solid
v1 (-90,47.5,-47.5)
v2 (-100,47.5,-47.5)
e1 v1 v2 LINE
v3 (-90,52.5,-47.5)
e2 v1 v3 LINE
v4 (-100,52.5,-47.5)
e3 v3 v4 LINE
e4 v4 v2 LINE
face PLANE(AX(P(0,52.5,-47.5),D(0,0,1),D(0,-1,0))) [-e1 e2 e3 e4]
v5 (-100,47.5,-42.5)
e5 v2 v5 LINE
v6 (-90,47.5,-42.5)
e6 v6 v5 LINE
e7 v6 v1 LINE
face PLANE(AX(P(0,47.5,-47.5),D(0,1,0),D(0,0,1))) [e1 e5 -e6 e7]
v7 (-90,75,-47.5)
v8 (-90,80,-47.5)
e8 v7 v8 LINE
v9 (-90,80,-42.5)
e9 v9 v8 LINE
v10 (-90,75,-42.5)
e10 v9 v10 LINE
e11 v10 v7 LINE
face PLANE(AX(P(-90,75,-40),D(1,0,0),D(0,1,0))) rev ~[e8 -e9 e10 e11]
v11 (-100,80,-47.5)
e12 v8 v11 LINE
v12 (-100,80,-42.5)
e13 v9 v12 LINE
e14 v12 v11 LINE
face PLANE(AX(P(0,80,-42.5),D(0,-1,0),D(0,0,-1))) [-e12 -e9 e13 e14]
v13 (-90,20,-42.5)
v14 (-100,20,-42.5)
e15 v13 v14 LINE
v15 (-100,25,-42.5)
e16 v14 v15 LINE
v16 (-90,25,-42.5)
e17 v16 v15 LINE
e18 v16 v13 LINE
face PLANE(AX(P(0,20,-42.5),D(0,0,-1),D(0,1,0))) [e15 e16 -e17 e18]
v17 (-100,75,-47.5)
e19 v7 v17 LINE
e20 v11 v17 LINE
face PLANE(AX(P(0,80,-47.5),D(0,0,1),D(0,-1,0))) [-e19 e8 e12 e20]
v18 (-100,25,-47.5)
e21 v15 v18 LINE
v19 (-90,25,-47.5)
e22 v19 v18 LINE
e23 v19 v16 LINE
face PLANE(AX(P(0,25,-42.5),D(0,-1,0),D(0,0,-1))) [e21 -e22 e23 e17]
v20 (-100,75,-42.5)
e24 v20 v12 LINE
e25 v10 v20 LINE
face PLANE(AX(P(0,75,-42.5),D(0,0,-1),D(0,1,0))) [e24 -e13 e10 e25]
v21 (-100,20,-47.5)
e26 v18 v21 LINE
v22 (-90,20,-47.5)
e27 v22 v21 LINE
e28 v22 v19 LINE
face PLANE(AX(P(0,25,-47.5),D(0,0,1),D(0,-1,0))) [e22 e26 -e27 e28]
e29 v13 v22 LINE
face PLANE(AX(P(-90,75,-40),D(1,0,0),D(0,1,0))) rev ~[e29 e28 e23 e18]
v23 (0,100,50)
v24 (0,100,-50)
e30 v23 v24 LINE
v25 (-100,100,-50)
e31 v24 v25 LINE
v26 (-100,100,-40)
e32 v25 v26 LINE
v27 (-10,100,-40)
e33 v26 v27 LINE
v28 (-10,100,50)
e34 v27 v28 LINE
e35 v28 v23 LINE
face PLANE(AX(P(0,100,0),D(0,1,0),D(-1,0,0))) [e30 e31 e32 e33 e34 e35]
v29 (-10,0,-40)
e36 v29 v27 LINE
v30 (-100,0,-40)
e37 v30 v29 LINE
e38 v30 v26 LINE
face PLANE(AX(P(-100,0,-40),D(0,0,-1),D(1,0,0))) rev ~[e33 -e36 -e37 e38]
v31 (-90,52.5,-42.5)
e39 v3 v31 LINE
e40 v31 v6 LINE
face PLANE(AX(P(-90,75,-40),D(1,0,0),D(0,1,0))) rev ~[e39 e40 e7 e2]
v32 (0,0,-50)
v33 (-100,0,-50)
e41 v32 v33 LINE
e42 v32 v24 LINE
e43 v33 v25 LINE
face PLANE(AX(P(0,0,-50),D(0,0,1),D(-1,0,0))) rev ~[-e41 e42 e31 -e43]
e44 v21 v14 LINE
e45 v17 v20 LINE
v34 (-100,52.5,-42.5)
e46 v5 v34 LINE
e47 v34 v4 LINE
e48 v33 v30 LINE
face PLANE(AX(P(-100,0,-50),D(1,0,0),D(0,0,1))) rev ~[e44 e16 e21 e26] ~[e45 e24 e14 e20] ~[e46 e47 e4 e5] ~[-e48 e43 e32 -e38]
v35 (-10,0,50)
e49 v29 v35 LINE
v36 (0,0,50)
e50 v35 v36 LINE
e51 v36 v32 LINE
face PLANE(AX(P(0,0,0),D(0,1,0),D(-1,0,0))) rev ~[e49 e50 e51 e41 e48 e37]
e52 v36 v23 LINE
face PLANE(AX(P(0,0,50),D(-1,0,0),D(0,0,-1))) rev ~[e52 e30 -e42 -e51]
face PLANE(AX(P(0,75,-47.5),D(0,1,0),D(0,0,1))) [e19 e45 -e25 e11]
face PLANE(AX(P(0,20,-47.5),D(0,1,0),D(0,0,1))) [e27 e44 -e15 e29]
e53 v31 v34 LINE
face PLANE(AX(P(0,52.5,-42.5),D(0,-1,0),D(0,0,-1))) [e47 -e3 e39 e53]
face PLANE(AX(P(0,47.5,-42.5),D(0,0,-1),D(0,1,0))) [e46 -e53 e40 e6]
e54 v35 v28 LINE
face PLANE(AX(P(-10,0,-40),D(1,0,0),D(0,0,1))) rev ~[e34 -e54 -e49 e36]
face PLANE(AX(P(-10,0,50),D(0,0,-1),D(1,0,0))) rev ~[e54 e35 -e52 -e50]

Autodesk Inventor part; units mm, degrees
ref_plane "YZ Plane" through (0, 0, 0) normal (1, 0, 0) x (0, 1, 0)
ref_plane "XZ Plane" through (0, 0, 0) normal (0, 1, 0) x (-1, 0, 0)
ref_plane "XY Plane" through (0, 0, 0) normal (0, 0, 1) x (1, 0, 0)
sketch "Sketch1" plane through (0, 0, 0) normal (0, 1, 0) x (-1, 0, 0)
  line L0 (400, -50) -> (400, 50)
  line L1 (400, 50) -> (390, 50)
  line L2 (390, 50) -> (390, -40)
  line L3 (390, -40) -> (300, -40)
  line L4 (300, -40) -> (300, -50)
  line L5 (300, -50) -> (400, -50)
  line L6 (250, -50) -> (250, -40)
  line L7 (250, -40) -> (150, -40)
  line L8 (150, -40) -> (150, -50)
  line L9 (150, -50) -> (250, -50)
  line L10 (100, -50) -> (100, -40)
  line L11 (100, -40) -> (10, -40)
  line L12 (10, -40) -> (10, 50)
  line L13 (10, 50) -> (0, 50)
  line L14 (0, 50) -> (0, -50)
  line L15 (0, -50) -> (100, -50)
  point P0 (0, 0)
  dimension "d0" = 100
  dimension "d1" = 100
  dimension "d2" = 10
  dimension "d3" = 10
  dimension "d4" = 100
  dimension "d5" = 100
  dimension "d6" = 100
  dimension "d7" = 10
  dimension "d8" = 10
  dimension "d9" = 50
  dimension "d10" = 50
  dimension "d11" = 400
  dimension "d12" = 50
  dimension "d13" = 50
extrude "Extrusion1" add sketch "Sketch1" along normal blind 100
sketch "Sketch2" plane through (0, 0, 0) normal (1, 0, 0) x (0, 1, 0)
  point P0 (0, 0)
sketch "Sketch3" plane through (0, 0, 50) normal (1, 0, 0) x (0, 0, -1)
  line L0 (92.5, 80) -> (97.5, 80)
  line L1 (97.5, 80) -> (97.5, 75)
  line L2 (97.5, 75) -> (92.5, 75)
  line L3 (92.5, 75) -> (92.5, 80)
  line L4 (97.5, 20) -> (92.5, 20)
  line L5 (92.5, 20) -> (92.5, 25)
  line L6 (92.5, 25) -> (97.5, 25)
  line L7 (97.5, 25) -> (97.5, 20)
  line L8 (0, 100) -> (100, 100) projected
  line L9 (100, 0) -> (100, 100) projected
  line L10 (0, 0) -> (100, 0) projected
  line L11 (92.5, 52.5) -> (97.5, 52.5)
  line L12 (97.5, 52.5) -> (97.5, 47.5)
  line L13 (97.5, 47.5) -> (92.5, 47.5)
  line L14 (92.5, 47.5) -> (92.5, 52.5)
  point P0 (50, 0)
  dimension "d16" = 20
  dimension "d17" = 5
  dimension "d18" = 5
  dimension "d19" = 2.5
  dimension "d20" = 20
  dimension "d21" = 5
  dimension "d22" = 5
  dimension "d24" = 7.5
  dimension "d25" = 5
  dimension "d26" = 5
  dimension "d27" = 2.5
  dimension "d28" = 22.5
extrude "Extrusion2" cut sketch "Sketch3" against normal blind 320
sketch "Sketch4" plane through (0, 0, 50) normal (1, 0, 0) x (0, 0, -1)
  line L0 (97.5, 75) -> (92.5, 75) projected
  line L1 (97.5, 80) -> (97.5, 75) projected
  line L2 (92.5, 80) -> (97.5, 80) projected
  line L3 (92.5, 75) -> (92.5, 80) projected
  line L4 (97.5, 47.5) -> (92.5, 47.5) projected
  line L5 (97.5, 52.5) -> (97.5, 47.5) projected
  line L6 (92.5, 52.5) -> (97.5, 52.5) projected
  line L7 (92.5, 47.5) -> (92.5, 52.5) projected
  line L8 (92.5, 25) -> (97.5, 25) projected
  line L9 (92.5, 20) -> (92.5, 25) projected
  line L10 (97.5, 20) -> (92.5, 20) projected
  line L11 (97.5, 25) -> (97.5, 20) projected
  line L12 (92.5, 80) -> (97.5, 80)
  line L13 (97.5, 80) -> (97.5, 75)
  line L14 (97.5, 75) -> (92.5, 75)
  line L15 (92.5, 75) -> (92.5, 80)
  line L16 (92.5, 52.5) -> (97.5, 52.5)
  line L17 (97.5, 52.5) -> (97.5, 47.5)
  line L18 (97.5, 47.5) -> (92.5, 47.5)
  line L19 (92.5, 47.5) -> (92.5, 52.5)
  line L20 (92.5, 25) -> (97.5, 25)
  line L21 (97.5, 25) -> (97.5, 20)
  line L22 (97.5, 20) -> (92.5, 20)
  line L23 (92.5, 20) -> (92.5, 25)
  point P0 (50, 0)
extrude "Extrusion3" add sketch "Sketch4" against normal blind 80
sketch "Sketch6" plane through (-250, 0, -40) normal (0, 0, 1) x (1, 0, 0)
  line L0 (-50, 80) -> (-50, 75) projected
  line L1 (-50, 80) -> (-70, 80) projected
  line L2 (-70, 80) -> (-70, 75) projected
  line L3 (-50, 75) -> (-70, 75) projected
  line L4 (-50, 52.5) -> (-50, 47.5) projected
  line L5 (-50, 52.5) -> (-70, 52.5) projected
  line L6 (-70, 52.5) -> (-70, 47.5) projected
  line L7 (-50, 47.5) -> (-70, 47.5) projected
  line L8 (-50, 25) -> (-50, 20) projected
  line L9 (-50, 25) -> (-70, 25) projected
  line L10 (-70, 25) -> (-70, 20) projected
  line L11 (-50, 20) -> (-70, 20) projected
  line L12 (0, 75) -> (0, 80) projected
  line L13 (100, 75) -> (0, 75) projected
  line L14 (100, 80) -> (100, 75) projected
  line L15 (100, 80) -> (0, 80) projected
  line L16 (0, 47.5) -> (0, 52.5) projected
  line L17 (100, 47.5) -> (0, 47.5) projected
  line L18 (100, 52.5) -> (100, 47.5) projected
  line L19 (100, 52.5) -> (0, 52.5) projected
  line L20 (0, 20) -> (0, 25) projected
  line L21 (100, 20) -> (0, 20) projected
  line L22 (100, 25) -> (100, 20) projected
  line L23 (100, 25) -> (0, 25) projected
  line L24 (170, 75) -> (170, 80) projected
  line L25 (170, 80) -> (150, 80) projected
  line L26 (150, 75) -> (150, 80) projected
  line L27 (170, 75) -> (150, 75) projected
  line L28 (170, 47.5) -> (170, 52.5) projected
  line L29 (170, 52.5) -> (150, 52.5) projected
  line L30 (150, 47.5) -> (150, 52.5) projected
  line L31 (170, 47.5) -> (150, 47.5) projected
  line L32 (170, 20) -> (170, 25) projected
  line L33 (170, 25) -> (150, 25) projected
  line L34 (150, 20) -> (150, 25) projected
  line L35 (170, 20) -> (150, 20) projected
  line L36 (-70, 80) -> (-60, 80)
  line L37 (-60, 80) -> (-60, 20)
  line L38 (-60, 20) -> (-70, 20)
  line L39 (-70, 20) -> (-70, 80)
  line L40 (10, 80) -> (90, 80)
  line L41 (90, 80) -> (90, 20)
  line L42 (90, 20) -> (10, 20)
  line L43 (10, 20) -> (10, 80)
  line L44 (160, 80) -> (170, 80)
  line L45 (170, 80) -> (170, 20)
  line L46 (170, 20) -> (160, 20)
  line L47 (160, 20) -> (160, 80)
  line L48 (0, 0) -> (0, 100) projected
  line L49 (100, 0) -> (100, 100) projected
  line L50 (10, 25) -> (90, 25)
  line L51 (90, 25) -> (90, 20)
  line L52 (90, 20) -> (10, 20)
  line L53 (10, 20) -> (10, 25)
  point P0 (250, 0)
  point P1 (160, 25)
  point P2 (160, 20)
  point P3 (160, 52.5)
  point P4 (160, 47.5)
  point P5 (160, 75)
  point P6 (10, 75)
  point P7 (90, 75)
  point P8 (90, 80)
  point P9 (10, 52.5)
  point P10 (10, 47.5)
  point P11 (90, 47.5)
  point P12 (90, 52.5)
  point P13 (10, 25)
  point P14 (10, 20)
  point P15 (-60, 25)
  point P16 (-60, 47.5)
  point P17 (-60, 52.5)
  point P18 (-60, 75)
  point P19 (90, 25)
  point P20 (90, 25)
  dimension "d33" = 10
  dimension "d34" = 10
extrude "Extrusion4" add sketch "Sketch6" against normal blind 10 contours L37 L3 L2 L1 | L37 L5 L39 L3 | L37 L7 L6 L5 | L37 L9 L39 L7 | L37 L11 L10 L9 | L43 L15 L41 L13 | L19 L41 L17 L43 | L23 L41 L21 L43 | L27 L47 L25 L24 | L45 L29 L47 L27 | L28 L31 L47 L29 | L45 L33 L47 L31 | L32 L35 L47 L33
sketch "Sketch8" plane through (0, 100, 0) normal (0, 1, 0) x (1, 0, 0)
  line L0 (-300, 50) -> (-400, 50) projected
  line L1 (-400, 50) -> (-400, -50) projected
  line L2 (-150, 40) -> (-150, 50) projected
  line L3 (-400, 50) -> (-150, 50)
  line L4 (-150, 50) -> (-150, -50)
  line L5 (-150, -50) -> (-400, -50)
  line L6 (-400, -50) -> (-400, 50)
  point P0 (0, 0)
  dimension "d44" = 250
  dimension "d45" = 100
extrude "Extrusion6" cut sketch "Sketch8" against normal through all
properties part number "Soccer Goal Split"
